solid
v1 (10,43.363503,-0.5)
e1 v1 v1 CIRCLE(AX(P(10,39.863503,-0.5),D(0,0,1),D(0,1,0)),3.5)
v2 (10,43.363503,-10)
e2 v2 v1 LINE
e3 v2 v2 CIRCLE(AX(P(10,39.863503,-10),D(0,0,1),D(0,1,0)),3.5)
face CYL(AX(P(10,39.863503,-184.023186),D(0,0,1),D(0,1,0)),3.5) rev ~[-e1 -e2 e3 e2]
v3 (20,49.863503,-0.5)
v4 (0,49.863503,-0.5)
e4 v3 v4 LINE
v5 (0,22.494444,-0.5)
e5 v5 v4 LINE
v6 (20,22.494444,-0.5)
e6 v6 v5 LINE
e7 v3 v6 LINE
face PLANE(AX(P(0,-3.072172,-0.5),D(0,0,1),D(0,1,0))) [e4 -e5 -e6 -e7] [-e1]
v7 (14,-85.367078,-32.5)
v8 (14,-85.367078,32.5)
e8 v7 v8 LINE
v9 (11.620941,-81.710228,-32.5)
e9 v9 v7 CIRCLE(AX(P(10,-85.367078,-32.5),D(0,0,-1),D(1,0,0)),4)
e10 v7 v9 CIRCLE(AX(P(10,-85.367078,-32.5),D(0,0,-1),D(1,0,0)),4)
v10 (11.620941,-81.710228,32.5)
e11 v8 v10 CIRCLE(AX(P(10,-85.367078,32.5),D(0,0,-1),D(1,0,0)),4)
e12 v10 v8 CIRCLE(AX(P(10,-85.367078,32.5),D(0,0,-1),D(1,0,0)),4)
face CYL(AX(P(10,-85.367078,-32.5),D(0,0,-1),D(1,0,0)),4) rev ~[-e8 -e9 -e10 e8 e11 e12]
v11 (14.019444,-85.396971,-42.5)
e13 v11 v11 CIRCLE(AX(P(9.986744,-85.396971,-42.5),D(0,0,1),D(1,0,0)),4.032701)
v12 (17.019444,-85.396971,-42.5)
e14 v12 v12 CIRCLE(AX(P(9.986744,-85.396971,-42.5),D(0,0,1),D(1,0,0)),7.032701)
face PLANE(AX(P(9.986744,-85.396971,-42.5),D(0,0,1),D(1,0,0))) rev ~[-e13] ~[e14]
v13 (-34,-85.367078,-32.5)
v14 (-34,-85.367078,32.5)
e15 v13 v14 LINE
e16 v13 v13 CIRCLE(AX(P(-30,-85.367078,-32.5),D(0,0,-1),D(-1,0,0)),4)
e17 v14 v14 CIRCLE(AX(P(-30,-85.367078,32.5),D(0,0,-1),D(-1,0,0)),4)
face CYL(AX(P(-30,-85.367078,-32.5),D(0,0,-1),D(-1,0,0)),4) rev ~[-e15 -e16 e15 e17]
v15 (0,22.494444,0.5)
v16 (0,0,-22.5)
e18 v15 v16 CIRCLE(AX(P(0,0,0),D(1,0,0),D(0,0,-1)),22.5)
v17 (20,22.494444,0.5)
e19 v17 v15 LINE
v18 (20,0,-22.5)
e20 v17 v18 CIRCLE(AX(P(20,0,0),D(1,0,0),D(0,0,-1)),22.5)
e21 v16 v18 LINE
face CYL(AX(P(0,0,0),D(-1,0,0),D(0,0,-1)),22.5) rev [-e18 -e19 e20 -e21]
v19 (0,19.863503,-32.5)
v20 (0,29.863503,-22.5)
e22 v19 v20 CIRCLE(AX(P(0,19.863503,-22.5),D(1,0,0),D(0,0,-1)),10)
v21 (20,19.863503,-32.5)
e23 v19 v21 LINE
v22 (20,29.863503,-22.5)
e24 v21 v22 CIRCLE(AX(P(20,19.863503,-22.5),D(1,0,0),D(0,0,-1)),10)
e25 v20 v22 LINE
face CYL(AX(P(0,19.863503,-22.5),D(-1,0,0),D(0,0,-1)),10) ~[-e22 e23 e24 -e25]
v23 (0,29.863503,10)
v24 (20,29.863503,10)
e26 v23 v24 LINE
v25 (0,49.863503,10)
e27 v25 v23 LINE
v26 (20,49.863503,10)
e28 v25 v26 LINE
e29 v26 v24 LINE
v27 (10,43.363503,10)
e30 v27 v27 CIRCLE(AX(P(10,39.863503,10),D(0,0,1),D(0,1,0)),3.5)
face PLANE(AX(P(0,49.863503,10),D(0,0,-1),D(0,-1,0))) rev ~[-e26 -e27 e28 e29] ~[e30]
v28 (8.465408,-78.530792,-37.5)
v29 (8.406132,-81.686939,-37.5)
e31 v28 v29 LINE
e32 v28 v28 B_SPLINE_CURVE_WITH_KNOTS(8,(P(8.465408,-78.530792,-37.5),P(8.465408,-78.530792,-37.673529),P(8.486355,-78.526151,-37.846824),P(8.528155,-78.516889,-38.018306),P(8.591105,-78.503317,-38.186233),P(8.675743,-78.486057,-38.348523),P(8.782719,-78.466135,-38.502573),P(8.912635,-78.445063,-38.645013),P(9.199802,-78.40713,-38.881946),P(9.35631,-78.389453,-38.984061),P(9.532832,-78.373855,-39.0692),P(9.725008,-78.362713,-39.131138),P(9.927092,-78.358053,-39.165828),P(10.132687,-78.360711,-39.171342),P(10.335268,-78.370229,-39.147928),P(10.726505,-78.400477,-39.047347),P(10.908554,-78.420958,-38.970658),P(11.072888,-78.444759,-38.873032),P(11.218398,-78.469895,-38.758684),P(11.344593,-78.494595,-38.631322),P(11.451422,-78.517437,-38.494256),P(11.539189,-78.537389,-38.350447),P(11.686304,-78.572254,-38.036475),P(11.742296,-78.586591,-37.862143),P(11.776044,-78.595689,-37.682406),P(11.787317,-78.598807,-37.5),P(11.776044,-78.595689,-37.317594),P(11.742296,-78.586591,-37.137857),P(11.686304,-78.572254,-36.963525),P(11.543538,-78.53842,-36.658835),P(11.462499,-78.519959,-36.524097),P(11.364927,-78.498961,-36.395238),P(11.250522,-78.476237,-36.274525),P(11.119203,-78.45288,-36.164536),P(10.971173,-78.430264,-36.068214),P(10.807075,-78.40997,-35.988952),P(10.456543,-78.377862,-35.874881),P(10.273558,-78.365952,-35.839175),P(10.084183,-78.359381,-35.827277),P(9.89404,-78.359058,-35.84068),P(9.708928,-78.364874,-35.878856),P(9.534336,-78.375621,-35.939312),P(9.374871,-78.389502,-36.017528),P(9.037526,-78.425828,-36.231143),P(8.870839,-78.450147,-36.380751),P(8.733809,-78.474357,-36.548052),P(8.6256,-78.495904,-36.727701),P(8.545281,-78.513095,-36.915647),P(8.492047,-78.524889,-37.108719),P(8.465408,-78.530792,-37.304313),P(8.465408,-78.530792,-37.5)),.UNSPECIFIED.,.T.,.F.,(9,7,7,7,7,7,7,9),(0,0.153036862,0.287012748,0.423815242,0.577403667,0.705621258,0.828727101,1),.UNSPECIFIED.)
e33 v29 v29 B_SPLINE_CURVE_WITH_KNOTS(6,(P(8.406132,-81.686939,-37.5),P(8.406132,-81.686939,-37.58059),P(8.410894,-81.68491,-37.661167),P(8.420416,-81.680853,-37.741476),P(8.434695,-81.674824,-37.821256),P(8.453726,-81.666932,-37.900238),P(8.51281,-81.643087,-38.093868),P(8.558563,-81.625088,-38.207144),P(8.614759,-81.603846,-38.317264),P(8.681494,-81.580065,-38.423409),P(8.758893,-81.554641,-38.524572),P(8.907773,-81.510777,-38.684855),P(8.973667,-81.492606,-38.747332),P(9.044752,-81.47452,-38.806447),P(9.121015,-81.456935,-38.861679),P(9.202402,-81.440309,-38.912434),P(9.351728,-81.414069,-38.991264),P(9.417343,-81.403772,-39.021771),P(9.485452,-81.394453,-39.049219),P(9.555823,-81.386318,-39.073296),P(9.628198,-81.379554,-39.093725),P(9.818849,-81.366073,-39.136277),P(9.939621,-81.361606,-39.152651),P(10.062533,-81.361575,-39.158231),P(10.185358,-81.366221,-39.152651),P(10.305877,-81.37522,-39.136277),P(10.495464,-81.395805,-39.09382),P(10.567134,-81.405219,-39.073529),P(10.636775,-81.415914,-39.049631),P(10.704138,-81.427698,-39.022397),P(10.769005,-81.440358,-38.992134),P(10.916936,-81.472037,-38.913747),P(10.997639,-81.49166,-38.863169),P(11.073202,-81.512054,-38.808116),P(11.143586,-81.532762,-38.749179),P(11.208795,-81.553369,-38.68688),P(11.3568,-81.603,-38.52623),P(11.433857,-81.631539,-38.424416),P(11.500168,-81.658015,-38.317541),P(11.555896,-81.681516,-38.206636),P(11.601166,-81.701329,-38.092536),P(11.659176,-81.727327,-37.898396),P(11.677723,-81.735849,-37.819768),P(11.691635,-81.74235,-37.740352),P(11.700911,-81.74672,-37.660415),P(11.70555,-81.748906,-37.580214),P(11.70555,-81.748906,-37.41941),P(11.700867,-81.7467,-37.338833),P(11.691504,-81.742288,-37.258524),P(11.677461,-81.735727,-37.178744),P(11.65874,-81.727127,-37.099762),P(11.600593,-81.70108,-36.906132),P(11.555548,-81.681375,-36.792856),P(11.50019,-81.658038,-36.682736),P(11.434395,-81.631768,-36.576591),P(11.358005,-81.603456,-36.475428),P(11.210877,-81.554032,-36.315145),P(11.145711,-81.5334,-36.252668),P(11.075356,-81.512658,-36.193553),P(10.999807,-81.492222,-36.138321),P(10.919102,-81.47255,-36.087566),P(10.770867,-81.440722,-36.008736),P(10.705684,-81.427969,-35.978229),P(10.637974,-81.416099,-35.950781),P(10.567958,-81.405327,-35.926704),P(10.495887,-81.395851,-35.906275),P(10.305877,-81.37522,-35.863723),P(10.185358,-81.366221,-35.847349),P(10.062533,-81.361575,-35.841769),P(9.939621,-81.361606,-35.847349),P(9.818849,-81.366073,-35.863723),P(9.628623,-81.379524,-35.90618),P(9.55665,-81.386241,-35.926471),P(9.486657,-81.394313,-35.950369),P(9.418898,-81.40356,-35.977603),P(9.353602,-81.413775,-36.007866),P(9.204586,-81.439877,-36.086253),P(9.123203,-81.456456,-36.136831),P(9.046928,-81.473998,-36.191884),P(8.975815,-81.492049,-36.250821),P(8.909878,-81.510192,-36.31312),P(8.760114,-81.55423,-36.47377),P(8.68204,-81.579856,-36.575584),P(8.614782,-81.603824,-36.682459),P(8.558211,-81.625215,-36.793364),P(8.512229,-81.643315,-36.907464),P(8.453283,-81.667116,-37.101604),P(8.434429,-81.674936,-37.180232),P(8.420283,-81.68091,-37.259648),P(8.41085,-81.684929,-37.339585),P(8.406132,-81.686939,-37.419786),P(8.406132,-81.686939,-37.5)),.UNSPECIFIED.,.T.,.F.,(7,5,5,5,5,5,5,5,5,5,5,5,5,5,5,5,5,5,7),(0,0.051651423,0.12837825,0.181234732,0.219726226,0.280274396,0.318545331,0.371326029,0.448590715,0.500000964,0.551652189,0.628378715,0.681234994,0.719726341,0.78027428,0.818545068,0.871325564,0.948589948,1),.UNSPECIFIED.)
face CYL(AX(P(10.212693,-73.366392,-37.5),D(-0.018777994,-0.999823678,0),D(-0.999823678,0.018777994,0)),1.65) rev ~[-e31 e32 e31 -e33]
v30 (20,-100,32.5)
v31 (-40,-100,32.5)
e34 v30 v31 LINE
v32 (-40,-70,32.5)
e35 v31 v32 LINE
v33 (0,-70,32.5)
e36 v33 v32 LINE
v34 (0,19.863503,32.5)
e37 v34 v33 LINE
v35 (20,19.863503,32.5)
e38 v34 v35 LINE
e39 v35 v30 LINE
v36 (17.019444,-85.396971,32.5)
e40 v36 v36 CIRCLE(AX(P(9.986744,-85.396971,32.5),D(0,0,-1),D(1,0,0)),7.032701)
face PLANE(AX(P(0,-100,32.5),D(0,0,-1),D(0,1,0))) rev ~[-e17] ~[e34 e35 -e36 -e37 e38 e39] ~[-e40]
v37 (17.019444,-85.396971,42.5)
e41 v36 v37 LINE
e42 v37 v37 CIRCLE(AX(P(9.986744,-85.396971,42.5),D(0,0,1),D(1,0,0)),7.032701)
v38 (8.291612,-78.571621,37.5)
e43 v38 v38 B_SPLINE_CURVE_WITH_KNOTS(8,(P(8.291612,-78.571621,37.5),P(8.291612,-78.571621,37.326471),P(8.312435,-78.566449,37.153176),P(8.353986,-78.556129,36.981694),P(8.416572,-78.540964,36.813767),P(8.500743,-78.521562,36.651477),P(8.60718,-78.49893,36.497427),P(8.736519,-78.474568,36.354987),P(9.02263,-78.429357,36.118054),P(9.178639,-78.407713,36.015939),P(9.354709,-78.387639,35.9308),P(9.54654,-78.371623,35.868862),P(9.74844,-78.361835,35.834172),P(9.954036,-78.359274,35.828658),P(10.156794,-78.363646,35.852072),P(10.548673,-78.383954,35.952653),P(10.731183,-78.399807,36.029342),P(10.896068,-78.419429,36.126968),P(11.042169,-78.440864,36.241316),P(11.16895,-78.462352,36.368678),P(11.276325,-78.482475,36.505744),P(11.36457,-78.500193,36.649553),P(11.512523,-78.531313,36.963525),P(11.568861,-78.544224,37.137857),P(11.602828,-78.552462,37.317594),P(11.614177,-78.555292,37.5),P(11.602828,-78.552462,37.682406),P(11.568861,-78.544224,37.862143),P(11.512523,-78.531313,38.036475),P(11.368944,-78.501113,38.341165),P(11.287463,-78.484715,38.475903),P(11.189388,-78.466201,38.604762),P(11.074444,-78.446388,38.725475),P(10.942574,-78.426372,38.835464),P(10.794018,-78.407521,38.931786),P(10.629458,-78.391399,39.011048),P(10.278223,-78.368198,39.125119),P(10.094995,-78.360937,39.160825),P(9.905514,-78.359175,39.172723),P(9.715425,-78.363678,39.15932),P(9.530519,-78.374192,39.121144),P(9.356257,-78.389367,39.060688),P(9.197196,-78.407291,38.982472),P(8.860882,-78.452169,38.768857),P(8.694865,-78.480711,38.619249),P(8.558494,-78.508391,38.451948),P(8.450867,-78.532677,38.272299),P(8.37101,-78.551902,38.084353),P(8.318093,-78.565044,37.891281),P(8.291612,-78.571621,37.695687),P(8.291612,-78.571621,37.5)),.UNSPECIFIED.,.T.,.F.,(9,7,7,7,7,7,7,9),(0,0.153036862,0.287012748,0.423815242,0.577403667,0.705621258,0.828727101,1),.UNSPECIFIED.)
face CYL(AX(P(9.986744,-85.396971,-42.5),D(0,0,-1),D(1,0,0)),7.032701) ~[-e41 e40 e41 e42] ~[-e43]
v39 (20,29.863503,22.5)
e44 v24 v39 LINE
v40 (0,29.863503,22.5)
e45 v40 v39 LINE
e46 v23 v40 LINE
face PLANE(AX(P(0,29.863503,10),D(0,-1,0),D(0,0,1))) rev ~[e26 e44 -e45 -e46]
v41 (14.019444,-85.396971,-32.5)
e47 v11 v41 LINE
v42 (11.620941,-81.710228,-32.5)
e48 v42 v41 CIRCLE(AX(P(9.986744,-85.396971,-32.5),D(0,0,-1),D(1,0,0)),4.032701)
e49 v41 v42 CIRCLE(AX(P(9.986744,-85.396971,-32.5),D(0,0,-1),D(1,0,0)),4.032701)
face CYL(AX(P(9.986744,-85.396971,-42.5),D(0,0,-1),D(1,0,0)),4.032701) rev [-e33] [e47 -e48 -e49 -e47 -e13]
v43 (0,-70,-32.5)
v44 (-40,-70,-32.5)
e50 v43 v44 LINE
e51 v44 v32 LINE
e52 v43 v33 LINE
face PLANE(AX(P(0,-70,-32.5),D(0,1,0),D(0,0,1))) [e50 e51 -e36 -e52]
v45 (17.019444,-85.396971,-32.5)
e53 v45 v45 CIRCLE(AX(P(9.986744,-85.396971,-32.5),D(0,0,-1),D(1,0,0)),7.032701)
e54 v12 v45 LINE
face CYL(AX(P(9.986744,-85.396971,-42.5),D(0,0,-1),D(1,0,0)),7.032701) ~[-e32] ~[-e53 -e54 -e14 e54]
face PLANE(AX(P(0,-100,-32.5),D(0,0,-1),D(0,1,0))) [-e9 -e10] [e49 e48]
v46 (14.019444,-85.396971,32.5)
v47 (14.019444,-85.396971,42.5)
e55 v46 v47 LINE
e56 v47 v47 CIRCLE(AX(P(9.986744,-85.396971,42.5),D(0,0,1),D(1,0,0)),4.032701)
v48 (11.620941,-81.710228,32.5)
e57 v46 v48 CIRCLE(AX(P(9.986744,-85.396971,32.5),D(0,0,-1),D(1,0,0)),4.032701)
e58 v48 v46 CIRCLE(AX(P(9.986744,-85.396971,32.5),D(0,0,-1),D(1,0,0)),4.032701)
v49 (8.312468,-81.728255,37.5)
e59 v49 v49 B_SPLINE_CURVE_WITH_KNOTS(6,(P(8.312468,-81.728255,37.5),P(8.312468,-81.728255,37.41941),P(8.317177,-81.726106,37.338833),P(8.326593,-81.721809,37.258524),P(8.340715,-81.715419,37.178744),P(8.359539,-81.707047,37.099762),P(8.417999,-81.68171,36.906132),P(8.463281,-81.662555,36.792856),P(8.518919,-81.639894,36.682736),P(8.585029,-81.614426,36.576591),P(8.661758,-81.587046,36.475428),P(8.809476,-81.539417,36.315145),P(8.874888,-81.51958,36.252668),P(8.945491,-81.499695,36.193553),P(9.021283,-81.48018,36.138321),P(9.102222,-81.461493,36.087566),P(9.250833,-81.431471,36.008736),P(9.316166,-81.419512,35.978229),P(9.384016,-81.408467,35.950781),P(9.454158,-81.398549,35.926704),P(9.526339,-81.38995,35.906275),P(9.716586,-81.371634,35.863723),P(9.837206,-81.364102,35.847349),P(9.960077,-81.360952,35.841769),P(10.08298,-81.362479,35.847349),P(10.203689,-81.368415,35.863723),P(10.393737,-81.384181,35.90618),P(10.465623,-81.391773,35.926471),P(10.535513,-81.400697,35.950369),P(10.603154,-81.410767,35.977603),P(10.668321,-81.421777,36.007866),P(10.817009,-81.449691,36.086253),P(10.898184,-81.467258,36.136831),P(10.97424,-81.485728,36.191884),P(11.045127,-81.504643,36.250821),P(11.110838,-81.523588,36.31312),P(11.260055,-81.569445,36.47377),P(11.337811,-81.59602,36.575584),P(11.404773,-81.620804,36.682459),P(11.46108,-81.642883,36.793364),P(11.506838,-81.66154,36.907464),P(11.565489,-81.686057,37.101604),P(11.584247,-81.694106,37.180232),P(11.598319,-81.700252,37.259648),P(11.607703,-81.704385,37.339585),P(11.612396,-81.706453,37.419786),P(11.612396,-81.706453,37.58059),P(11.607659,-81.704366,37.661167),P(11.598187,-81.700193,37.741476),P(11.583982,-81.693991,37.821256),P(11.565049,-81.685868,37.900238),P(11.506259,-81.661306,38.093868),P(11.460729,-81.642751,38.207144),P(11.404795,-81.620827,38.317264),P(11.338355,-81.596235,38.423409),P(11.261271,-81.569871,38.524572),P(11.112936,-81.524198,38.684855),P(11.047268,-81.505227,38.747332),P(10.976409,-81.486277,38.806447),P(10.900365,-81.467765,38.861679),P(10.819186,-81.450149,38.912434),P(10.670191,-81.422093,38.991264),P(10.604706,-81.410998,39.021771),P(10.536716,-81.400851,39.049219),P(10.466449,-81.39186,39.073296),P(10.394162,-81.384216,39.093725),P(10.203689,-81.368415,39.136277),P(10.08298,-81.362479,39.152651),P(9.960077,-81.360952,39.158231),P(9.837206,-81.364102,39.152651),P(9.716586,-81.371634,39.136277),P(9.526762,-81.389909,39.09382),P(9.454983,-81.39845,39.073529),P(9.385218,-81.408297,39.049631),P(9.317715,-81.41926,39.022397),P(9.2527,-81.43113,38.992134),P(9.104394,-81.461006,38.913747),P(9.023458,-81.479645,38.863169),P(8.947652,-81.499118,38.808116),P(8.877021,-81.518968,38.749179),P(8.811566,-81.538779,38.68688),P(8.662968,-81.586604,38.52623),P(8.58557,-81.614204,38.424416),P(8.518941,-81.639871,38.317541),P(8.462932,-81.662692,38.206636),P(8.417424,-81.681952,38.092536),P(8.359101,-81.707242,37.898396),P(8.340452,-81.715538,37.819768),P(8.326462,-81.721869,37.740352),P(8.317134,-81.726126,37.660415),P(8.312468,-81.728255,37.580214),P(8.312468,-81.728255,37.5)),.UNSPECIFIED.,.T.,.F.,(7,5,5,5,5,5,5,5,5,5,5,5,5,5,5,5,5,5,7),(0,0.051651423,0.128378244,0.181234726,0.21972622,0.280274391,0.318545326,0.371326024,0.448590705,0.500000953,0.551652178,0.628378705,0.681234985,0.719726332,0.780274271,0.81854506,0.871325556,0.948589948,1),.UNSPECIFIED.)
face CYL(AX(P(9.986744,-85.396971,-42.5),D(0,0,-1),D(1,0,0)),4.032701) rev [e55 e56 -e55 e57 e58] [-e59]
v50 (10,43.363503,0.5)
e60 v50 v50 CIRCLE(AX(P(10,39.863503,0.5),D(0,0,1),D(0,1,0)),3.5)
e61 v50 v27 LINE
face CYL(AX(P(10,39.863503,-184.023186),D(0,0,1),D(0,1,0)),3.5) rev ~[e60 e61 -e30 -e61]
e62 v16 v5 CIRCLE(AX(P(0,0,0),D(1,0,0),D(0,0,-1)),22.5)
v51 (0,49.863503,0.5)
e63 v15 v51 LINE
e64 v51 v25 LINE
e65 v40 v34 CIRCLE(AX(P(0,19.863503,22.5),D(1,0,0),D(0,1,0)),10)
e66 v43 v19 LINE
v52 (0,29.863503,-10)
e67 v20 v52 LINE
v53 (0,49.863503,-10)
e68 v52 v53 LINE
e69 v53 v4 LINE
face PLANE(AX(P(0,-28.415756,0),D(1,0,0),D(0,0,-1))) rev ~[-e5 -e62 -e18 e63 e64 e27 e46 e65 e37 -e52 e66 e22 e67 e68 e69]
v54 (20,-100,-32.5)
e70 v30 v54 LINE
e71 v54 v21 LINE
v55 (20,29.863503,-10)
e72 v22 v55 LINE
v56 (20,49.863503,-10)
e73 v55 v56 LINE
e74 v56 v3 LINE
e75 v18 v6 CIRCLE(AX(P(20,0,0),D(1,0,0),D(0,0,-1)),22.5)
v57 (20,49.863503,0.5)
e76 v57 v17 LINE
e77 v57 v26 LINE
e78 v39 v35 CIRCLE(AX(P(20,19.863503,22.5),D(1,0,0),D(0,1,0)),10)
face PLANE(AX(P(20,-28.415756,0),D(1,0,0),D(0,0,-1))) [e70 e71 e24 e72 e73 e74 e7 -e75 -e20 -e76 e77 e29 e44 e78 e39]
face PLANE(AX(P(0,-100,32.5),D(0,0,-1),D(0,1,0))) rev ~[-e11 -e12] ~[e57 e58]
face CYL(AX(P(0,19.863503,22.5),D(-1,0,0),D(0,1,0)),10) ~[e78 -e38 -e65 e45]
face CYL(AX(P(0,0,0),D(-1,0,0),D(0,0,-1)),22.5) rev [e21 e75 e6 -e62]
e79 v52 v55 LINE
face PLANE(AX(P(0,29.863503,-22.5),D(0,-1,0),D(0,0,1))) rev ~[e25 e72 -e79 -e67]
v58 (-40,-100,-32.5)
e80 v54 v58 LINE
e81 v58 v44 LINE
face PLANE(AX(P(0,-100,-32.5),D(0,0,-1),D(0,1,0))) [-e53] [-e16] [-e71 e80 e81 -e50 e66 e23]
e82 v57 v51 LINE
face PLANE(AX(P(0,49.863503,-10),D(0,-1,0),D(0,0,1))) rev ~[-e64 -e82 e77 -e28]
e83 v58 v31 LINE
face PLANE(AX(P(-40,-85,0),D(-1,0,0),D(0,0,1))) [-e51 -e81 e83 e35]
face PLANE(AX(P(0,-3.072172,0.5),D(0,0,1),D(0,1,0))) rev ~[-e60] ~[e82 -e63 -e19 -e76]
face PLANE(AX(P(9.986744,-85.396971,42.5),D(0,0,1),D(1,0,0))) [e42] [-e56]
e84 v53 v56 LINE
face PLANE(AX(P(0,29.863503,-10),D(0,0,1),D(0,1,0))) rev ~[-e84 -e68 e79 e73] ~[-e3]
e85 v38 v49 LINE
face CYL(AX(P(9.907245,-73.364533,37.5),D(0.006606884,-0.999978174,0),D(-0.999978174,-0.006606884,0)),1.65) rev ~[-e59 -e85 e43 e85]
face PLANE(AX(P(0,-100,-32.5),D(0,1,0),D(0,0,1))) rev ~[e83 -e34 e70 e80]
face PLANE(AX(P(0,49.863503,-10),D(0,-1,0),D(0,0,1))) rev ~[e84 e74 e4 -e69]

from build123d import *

# Parameters (mm, degrees)
CROQUIS1_R                                     = 22.5
SALIENTE_EXTRUIR1_DEPTH                        = 20
CROQUIS2_W                                     = 65
CROQUIS2_H                                     = 30
SALIENTE_EXTRUIR2_DEPTH                        = 40
CROQUIS4_W                                     = 1
CROQUIS4_H                                     = 60
CORTAR_EXTRUIR1_DEPTH                          = 40
TALADRO_DE_MARGEN_PARA_M61_D                   = 7
CROQUIS6_R                                     = 4
CORTAR_EXTRUIR2_DEPTH                          = 126.797456254
SALIENTE_EXTRUIR3_DEPTH                        = 10
SALIENTE_EXTRUIR3_DEPTH_BACK                   = 75
CROQUIS7_R                                     = 7.032700754
CROQUIS7_R_2                                   = 4.032700754
PERFORADOR_PARA_ROSCAR_PARA_MACHO_DE_ROS_D     = 3.3
PERFORADOR_PARA_ROSCAR_PARA_MACHO_DE_ROS_DEPTH = 5
PERFORADOR_PARA_ROSCAR_PARA_MACHO_DE_ROS_TIP   = 0.991420021
PERFORADOR_PARA_ROSCAR_PARA_MACHO_DE_2_D       = 3.3
PERFORADOR_PARA_ROSCAR_PARA_MACHO_DE_2_DEPTH   = 5
PERFORADOR_PARA_ROSCAR_PARA_MACHO_DE_2_TIP     = 0.991420021


with BuildPart() as part:
    # Croquis1 → Saliente-Extruir1 (new body)
    with BuildSketch(Plane(origin=(0, 0, 0), x_dir=(0, 0, -1), z_dir=(1, 0, 0))):
        with BuildLine():
            Line((-32.5, 0), (-32.5, -100))
            Line((-32.5, -100), (32.5, -100))
            Line((32.5, -100), (32.5, 0))
            Line((32.5, 0), (32.5, 19.863502686))
            ThreePointArc((32.5, 19.863502686), (29.571067812, 26.934570498), (22.5, 29.863502686))
            Line((22.5, 29.863502686), (10, 29.863502686))
            Line((10, 29.863502686), (10, 49.863502686))
            Line((10, 49.863502686), (-10, 49.863502686))
            Line((-10, 49.863502686), (-10, 29.863502686))
            Line((-10, 29.863502686), (-22.5, 29.863502686))
            ThreePointArc((-22.5, 29.863502686), (-29.571067812, 26.934570498), (-32.5, 19.863502686))
            Line((-32.5, 19.863502686), (-32.5, 0))
        make_face()
        Circle(CROQUIS1_R, mode=Mode.SUBTRACT)
    extrude(amount=SALIENTE_EXTRUIR1_DEPTH)

    # Croquis2 → Saliente-Extruir2 (add)
    with BuildSketch(Plane.ZY):
        with Locations((0, -85)):
            Rectangle(CROQUIS2_W, CROQUIS2_H)
    extrude(amount=SALIENTE_EXTRUIR2_DEPTH)

    # Croquis4 → Cortar-Extruir1 (cut)
    with BuildSketch(Plane.ZY):
        with Locations((0, 26.927828438)):
            Rectangle(CROQUIS4_W, CROQUIS4_H)
    extrude(amount=-CORTAR_EXTRUIR1_DEPTH, mode=Mode.SUBTRACT)

    # Taladro de margen para M61 (through all)
    with Locations(Plane(origin=(10, 39.863502686, -10), x_dir=(0, -1, 0), z_dir=(0, 0, -1))):
        with Locations((0, 0)):
            Hole(TALADRO_DE_MARGEN_PARA_M61_D / 2)

    # Croquis6 → Cortar-Extruir2 (cut, through all)
    with BuildSketch(Plane(origin=(0, 0, -32.5), x_dir=(-1, 0, 0), z_dir=(0, 0, -1))):
        with Locations((30, -85.367078143)):
            Circle(CROQUIS6_R)
        with Locations(Location((-10, -85.367078143, 0), (0, 0, 180))):
            Circle(CROQUIS6_R)
    extrude(amount=-CORTAR_EXTRUIR2_DEPTH, mode=Mode.SUBTRACT)

    # Croquis7 → Saliente-Extruir3 (add, two sides: drawn at the far end of the back side and taken through both)
    with BuildSketch(Plane.XY.offset(32.5).offset(-SALIENTE_EXTRUIR3_DEPTH_BACK)):
        with Locations((9.986743511, -85.396971367)):
            Circle(CROQUIS7_R)
        with Locations((9.986743511, -85.396971367)):
            Circle(CROQUIS7_R_2, mode=Mode.SUBTRACT)
    extrude(amount=SALIENTE_EXTRUIR3_DEPTH + SALIENTE_EXTRUIR3_DEPTH_BACK)

    # Perforador para roscar para macho de roscar para M4x0.71
    with Locations(Plane(origin=(9.940279275, -78.364424106, 37.5), x_dir=(0.999978174306, 0.006606883628, 0), z_dir=(-0.006606883628, 0.999978174306, 0))):
        with Locations((0, 0)):
            Hole(PERFORADOR_PARA_ROSCAR_PARA_MACHO_DE_ROS_D / 2, depth=PERFORADOR_PARA_ROSCAR_PARA_MACHO_DE_ROS_DEPTH)
            with Locations((0, 0, -(PERFORADOR_PARA_ROSCAR_PARA_MACHO_DE_ROS_DEPTH + PERFORADOR_PARA_ROSCAR_PARA_MACHO_DE_ROS_TIP / 2))):  # 118° drill point
                Cone(0, PERFORADOR_PARA_ROSCAR_PARA_MACHO_DE_ROS_D / 2, PERFORADOR_PARA_ROSCAR_PARA_MACHO_DE_ROS_TIP, mode=Mode.SUBTRACT)

    # Perforador para roscar para macho de 2
    with Locations(Plane(origin=(10.118803472, -78.365510632, -37.5), x_dir=(0.999823677927, -0.018777993951, 0), z_dir=(0.018777993951, 0.999823677927, 0))):
        with Locations((0, 0)):
            Hole(PERFORADOR_PARA_ROSCAR_PARA_MACHO_DE_2_D / 2, depth=PERFORADOR_PARA_ROSCAR_PARA_MACHO_DE_2_DEPTH)
            with Locations((0, 0, -(PERFORADOR_PARA_ROSCAR_PARA_MACHO_DE_2_DEPTH + PERFORADOR_PARA_ROSCAR_PARA_MACHO_DE_2_TIP / 2))):  # 118° drill point
                Cone(0, PERFORADOR_PARA_ROSCAR_PARA_MACHO_DE_2_D / 2, PERFORADOR_PARA_ROSCAR_PARA_MACHO_DE_2_TIP, mode=Mode.SUBTRACT)


solid = part.part
